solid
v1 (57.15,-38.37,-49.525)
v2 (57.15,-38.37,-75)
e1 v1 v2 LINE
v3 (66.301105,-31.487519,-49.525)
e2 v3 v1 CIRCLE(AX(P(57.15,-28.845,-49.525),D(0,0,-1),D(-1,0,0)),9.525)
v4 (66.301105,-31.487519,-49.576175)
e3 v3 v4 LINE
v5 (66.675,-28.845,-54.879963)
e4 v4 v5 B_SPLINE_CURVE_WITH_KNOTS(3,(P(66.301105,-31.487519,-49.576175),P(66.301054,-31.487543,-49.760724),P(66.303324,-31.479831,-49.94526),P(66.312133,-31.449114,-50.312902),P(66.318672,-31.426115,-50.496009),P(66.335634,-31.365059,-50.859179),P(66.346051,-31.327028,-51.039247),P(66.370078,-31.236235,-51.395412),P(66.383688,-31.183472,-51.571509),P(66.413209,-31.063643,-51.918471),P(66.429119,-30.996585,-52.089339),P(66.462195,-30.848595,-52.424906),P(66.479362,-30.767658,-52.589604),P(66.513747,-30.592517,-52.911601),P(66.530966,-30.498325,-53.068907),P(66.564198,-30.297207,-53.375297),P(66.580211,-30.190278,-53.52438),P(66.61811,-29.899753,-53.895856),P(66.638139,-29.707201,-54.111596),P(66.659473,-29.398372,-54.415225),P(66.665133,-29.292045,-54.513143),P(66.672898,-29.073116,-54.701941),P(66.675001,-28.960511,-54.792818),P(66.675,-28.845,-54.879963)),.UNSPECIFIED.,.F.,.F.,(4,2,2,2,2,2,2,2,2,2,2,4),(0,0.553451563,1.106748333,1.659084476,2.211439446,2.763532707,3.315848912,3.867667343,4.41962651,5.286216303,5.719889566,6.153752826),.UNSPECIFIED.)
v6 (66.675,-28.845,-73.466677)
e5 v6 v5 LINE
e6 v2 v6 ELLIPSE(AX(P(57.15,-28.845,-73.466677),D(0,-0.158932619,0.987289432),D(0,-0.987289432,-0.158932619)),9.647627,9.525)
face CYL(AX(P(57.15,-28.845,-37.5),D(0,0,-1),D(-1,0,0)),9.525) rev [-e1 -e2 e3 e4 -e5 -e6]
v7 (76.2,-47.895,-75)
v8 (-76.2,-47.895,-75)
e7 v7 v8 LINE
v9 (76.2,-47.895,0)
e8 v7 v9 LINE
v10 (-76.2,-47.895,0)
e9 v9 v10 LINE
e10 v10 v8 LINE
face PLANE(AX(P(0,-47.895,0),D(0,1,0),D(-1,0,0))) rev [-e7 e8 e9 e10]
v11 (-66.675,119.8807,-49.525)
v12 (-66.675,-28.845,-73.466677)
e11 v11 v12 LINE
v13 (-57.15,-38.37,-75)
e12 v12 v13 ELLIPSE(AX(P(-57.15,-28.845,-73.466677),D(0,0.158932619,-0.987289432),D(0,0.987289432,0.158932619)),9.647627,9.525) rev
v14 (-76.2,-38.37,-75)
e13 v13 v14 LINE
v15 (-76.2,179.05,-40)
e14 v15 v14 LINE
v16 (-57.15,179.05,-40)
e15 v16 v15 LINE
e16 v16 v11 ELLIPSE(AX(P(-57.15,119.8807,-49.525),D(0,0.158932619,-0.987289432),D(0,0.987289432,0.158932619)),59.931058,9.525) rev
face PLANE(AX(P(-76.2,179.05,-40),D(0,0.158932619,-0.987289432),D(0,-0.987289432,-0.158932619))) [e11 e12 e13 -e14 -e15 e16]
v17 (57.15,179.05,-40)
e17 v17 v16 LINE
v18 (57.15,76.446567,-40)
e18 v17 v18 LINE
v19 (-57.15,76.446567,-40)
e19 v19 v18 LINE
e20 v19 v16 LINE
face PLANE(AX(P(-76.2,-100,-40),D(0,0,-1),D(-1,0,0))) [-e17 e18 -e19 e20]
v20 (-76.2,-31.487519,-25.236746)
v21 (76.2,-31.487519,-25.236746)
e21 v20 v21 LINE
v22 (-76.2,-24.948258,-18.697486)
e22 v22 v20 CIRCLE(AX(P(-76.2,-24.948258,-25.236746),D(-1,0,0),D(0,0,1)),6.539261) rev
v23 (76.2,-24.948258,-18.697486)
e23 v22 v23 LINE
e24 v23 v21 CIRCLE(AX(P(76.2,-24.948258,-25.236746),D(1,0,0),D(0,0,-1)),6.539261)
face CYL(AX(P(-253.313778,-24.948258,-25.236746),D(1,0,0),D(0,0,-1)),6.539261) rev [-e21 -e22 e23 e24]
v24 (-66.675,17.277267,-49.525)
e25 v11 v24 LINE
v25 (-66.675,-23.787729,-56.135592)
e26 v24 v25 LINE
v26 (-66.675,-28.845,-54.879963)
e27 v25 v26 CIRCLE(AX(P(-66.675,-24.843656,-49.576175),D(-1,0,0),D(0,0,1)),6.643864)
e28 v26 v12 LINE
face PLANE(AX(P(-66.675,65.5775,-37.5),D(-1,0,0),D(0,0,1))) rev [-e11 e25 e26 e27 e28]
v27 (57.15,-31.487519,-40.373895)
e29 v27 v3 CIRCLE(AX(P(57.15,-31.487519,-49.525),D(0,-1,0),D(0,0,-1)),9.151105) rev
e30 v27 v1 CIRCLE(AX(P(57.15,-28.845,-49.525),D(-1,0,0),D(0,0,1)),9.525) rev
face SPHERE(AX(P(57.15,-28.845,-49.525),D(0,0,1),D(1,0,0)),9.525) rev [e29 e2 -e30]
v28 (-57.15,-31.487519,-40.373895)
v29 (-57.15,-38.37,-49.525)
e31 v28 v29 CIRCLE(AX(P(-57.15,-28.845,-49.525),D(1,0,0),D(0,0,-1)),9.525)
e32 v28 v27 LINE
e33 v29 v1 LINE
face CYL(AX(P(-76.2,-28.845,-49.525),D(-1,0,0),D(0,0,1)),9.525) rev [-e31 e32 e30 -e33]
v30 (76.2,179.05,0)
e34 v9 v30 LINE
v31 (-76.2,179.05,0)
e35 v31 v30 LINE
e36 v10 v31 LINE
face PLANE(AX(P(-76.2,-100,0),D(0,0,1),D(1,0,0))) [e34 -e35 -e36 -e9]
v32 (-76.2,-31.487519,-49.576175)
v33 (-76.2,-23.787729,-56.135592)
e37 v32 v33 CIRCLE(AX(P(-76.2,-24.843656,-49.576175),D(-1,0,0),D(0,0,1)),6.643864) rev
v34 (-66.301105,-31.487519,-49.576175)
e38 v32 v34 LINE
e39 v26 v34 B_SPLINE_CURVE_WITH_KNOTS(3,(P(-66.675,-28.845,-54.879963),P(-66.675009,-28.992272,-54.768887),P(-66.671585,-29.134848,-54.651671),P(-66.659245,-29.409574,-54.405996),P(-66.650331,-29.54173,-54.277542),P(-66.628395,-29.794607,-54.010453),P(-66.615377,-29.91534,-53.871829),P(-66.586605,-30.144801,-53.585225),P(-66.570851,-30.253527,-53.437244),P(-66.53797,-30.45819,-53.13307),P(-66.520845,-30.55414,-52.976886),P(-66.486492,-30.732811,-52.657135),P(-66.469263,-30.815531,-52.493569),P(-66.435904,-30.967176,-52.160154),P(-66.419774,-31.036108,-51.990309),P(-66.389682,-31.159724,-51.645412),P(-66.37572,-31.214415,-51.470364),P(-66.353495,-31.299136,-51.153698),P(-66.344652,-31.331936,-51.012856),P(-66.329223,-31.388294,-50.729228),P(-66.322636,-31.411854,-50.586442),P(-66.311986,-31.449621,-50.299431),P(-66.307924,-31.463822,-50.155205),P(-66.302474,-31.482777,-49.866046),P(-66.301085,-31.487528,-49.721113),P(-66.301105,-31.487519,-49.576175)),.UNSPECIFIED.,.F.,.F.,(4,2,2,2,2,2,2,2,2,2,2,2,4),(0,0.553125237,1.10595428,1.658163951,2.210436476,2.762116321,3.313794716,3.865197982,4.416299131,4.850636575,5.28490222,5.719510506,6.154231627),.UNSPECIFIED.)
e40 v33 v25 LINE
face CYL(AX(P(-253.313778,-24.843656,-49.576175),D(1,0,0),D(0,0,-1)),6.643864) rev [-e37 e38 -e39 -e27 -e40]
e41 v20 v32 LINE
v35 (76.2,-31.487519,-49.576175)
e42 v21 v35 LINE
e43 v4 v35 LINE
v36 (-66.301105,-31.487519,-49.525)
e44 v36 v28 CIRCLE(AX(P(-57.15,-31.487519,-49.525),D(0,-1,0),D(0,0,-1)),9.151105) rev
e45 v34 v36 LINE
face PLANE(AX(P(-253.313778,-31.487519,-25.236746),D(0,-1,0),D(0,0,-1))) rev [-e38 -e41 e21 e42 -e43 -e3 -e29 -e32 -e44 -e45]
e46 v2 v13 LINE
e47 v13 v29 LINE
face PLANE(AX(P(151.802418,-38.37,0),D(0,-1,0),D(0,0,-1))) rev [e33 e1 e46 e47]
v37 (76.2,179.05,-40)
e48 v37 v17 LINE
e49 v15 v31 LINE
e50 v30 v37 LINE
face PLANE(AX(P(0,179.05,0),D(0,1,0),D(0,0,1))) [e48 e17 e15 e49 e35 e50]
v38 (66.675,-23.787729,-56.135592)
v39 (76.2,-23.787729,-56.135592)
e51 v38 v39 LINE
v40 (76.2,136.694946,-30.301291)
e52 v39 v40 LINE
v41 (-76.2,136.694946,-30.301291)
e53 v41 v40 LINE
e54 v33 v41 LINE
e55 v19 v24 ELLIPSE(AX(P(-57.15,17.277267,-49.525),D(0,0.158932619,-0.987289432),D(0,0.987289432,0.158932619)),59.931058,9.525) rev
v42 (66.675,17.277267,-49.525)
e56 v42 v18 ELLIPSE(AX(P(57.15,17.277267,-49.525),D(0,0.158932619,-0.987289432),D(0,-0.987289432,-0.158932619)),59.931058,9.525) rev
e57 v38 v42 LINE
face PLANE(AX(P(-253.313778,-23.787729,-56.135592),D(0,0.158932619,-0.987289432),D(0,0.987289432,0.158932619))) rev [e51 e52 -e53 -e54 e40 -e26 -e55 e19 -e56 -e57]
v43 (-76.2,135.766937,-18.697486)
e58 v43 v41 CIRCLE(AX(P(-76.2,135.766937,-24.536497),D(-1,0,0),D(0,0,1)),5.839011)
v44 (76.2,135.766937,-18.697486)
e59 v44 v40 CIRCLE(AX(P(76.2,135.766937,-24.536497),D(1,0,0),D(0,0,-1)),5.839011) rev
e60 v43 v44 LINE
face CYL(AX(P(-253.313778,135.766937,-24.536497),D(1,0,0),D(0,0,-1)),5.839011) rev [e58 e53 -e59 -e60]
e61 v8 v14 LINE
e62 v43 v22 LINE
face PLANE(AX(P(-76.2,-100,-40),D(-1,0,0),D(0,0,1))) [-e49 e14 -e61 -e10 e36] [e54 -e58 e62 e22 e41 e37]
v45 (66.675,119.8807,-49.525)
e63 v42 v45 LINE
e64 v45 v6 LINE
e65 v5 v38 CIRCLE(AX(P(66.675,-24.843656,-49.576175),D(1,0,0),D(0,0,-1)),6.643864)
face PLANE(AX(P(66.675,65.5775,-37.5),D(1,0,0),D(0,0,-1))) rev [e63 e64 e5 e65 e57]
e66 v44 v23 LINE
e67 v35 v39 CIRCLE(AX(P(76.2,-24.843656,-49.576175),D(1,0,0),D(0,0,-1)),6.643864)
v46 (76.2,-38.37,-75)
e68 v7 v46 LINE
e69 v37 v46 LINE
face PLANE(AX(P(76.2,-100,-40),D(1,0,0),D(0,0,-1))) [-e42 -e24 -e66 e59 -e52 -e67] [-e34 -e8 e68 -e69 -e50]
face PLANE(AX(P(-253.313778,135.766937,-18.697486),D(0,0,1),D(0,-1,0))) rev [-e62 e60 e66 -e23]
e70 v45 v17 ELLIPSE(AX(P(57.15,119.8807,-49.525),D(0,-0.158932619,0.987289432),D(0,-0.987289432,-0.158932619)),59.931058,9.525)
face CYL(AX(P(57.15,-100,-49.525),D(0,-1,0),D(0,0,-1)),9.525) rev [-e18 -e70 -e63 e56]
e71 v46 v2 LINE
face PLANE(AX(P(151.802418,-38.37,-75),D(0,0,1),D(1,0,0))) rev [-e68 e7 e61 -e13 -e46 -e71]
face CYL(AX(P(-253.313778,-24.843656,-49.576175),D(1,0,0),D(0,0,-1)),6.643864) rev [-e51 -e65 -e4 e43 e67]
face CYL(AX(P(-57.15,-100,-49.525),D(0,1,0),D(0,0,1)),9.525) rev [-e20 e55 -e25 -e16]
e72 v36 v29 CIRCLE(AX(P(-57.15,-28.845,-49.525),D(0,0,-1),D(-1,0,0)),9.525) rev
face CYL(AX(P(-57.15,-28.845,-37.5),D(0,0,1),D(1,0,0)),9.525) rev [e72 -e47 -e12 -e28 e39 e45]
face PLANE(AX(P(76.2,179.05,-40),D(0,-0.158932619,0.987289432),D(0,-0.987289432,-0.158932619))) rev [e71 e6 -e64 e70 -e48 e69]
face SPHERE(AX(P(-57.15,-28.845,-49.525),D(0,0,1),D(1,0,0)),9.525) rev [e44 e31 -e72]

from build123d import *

# Parameters (mm, degrees)
SKETCH1_W                       = 152.4
SKETCH1_H                       = 40
BOSS_EXTRUDE1_DEPTH             = 179.05
BOSS_EXTRUDE1_DEPTH_BACK        = 100
BOSS_EXTRUDE2_REACH             = 200.659
SKETCH3_W                       = 75
SKETCH3_H                       = 9.525
BOSS_EXTRUDE2_DIRECTION_2_REACH = 200.659
RIB1_REACH                      = 248.799
SKETCH4_WALL_W                  = 715.816770022
SKETCH4_WALL_H                  = 9.525
FILLET1_R                       = 9.525
CUT_EXTRUDE1_REACH              = 210.543
CUT_EXTRUDE1_DIRECTION_2_REACH  = 210.543


with BuildPart() as part:
    # Sketch1 → Boss-Extrude1 (new, two sides)
    with BuildSketch(Plane(origin=(0, 0, 0), x_dir=(1, 0, 0), z_dir=(0, 1, 0))) as boss_extrude1_sk:
        with Locations((0, 20)):
            Rectangle(SKETCH1_W, SKETCH1_H)
    extrude(amount=BOSS_EXTRUDE1_DEPTH)
    extrude(boss_extrude1_sk.sketch, amount=-BOSS_EXTRUDE1_DEPTH_BACK)

    # SurfaceCut1
    split(bisect_by=Plane(origin=(0, -47.895, 0), x_dir=(1, 0, 0), z_dir=(0, 1, 0)), keep=Keep.TOP)

    # Boss-Extrude2: up to this face of the body (flat: up to its plane)
    boss_extrude2_end = Plane(part.part.faces().sort_by_distance((76.2, 65.5775, -20))[0])
    # Sketch3 → Boss-Extrude2 (add, up to the picked face)
    with BuildSketch(Plane(origin=(0, 0, 0), x_dir=(0, 0, -1), z_dir=(1, 0, 0)), mode=Mode.PRIVATE) as boss_extrude2_sk1:
        with Locations((37.5, -43.1325)):
            Rectangle(SKETCH3_W, SKETCH3_H)
    boss_extrude2_tool1 = split(extrude(boss_extrude2_sk1.sketch, amount=BOSS_EXTRUDE2_REACH, mode=Mode.PRIVATE), bisect_by=boss_extrude2_end, keep=Keep.BOTH, mode=Mode.PRIVATE)
    add(boss_extrude2_tool1.solids().sort_by(Axis((0, -43.1325, -37.5), (1, 0, 0)))[0])

    # Boss-Extrude2 direction 2: up to this face of the body (flat: up to its plane)
    boss_extrude2_direction_2_end = Plane(part.part.faces().sort_by_distance((-76.2, 65.5775, -20))[0])
    # Sketch3 → Boss-Extrude2 direction 2 (add, up to the picked face)
    with BuildSketch(Plane(origin=(0, 0, 0), x_dir=(0, 0, -1), z_dir=(1, 0, 0)), mode=Mode.PRIVATE) as boss_extrude2_direction_2_sk1:
        with Locations((37.5, -43.1325)):
            Rectangle(SKETCH3_W, SKETCH3_H)
    boss_extrude2_direction_2_tool1 = split(extrude(boss_extrude2_direction_2_sk1.sketch, amount=-BOSS_EXTRUDE2_DIRECTION_2_REACH, mode=Mode.PRIVATE), bisect_by=boss_extrude2_direction_2_end, keep=Keep.BOTH, mode=Mode.PRIVATE)
    add(boss_extrude2_direction_2_tool1.solids().sort_by(Axis((0, -43.1325, -37.5), (-1, 0, 0)))[0])

    # Sketch4 wall → Rib1 (add, up to next)
    with BuildSketch(Plane(origin=(76.2, 70.34, -57.5), x_dir=(0, -0.987289431969, -0.158932619441), z_dir=(0, 0.158932619441, -0.987289431969)), mode=Mode.PRIVATE) as rib1_sk1:
        with Locations((0, 4.7625)):
            Rectangle(SKETCH4_WALL_W, SKETCH4_WALL_H)
    rib1_tool1 = extrude(rib1_sk1.sketch, amount=-RIB1_REACH, mode=Mode.PRIVATE) - part.part
    rib1 = rib1_tool1.solids().sort_by_distance((76.2, 70.34, -57.5))[0]
    add(rib1)

    # Mirror1: Rib1 across plane
    add(rib1.mirror(Plane(origin=(0, 0, 0), x_dir=(0, 0, 1), z_dir=(1, 0, 0))))

    # Fillet1
    fillet1_edges = [part.edges().sort_by_distance(p)[0] for p in [
        (0, -38.37, -40),
        (66.675, -38.37, -57.5),
        (66.675, 70.34, -40),
        (-66.675, 70.34, -40),
        (-66.675, -38.37, -57.5),
    ]]
    fillet(fillet1_edges, radius=FILLET1_R)

    # Cut-Extrude1: up to this face of the body (flat: up to its plane)
    cut_extrude1_end = Plane(part.part.faces().sort_by_distance((-76.2, 53.773975166, -30.062668553))[0])
    # Sketch8 → Cut-Extrude1 (cut, up to the picked face)
    with BuildSketch(Plane(origin=(0, 0, 0), x_dir=(0, 0, -1), z_dir=(1, 0, 0)), mode=Mode.PRIVATE) as cut_extrude1_sk1:
        with BuildLine():
            Line((25.236746286, -31.487519231), (49.576175238, -31.487519231))
            ThreePointArc((49.576175238, -31.487519231), (54.633662665, -29.152106057), (56.135591687, -23.787728834))
            Line((56.135591687, -23.787728834), (30.301291161, 136.694946031))
            ThreePointArc((30.301291161, 136.694946031), (24.071010718, 141.587364194), (18.697485511, 135.766936654))
            Line((18.697485511, 135.766936654), (18.697485511, -24.948258456))
            ThreePointArc((18.697485511, -24.948258456), (20.612790648, -29.572214094), (25.236746286, -31.487519231))
        make_face()
    cut_extrude1_tool1 = split(extrude(cut_extrude1_sk1.sketch, amount=-CUT_EXTRUDE1_REACH, mode=Mode.PRIVATE), bisect_by=cut_extrude1_end, keep=Keep.BOTH, mode=Mode.PRIVATE)
    add(cut_extrude1_tool1.solids().sort_by(Axis((0, 38.89099, -32.356169), (-1, 0, 0)))[0], mode=Mode.SUBTRACT)

    # Cut-Extrude1 direction 2: up to this face of the body (flat: up to its plane)
    cut_extrude1_direction_2_end = Plane(part.part.faces().sort_by_distance((76.2, 53.773975166, -30.062668553))[0])
    # Sketch8 → Cut-Extrude1 direction 2 (cut, up to the picked face)
    with BuildSketch(Plane(origin=(0, 0, 0), x_dir=(0, 0, -1), z_dir=(1, 0, 0)), mode=Mode.PRIVATE) as cut_extrude1_direction_2_sk1:
        with BuildLine():
            Line((25.236746286, -31.487519231), (49.576175238, -31.487519231))
            ThreePointArc((49.576175238, -31.487519231), (54.633662665, -29.152106057), (56.135591687, -23.787728834))
            Line((56.135591687, -23.787728834), (30.301291161, 136.694946031))
            ThreePointArc((30.301291161, 136.694946031), (24.071010718, 141.587364194), (18.697485511, 135.766936654))
            Line((18.697485511, 135.766936654), (18.697485511, -24.948258456))
            ThreePointArc((18.697485511, -24.948258456), (20.612790648, -29.572214094), (25.236746286, -31.487519231))
        make_face()
    cut_extrude1_direction_2_tool1 = split(extrude(cut_extrude1_direction_2_sk1.sketch, amount=CUT_EXTRUDE1_DIRECTION_2_REACH, mode=Mode.PRIVATE), bisect_by=cut_extrude1_direction_2_end, keep=Keep.BOTH, mode=Mode.PRIVATE)
    add(cut_extrude1_direction_2_tool1.solids().sort_by(Axis((0, 38.89099, -32.356169), (1, 0, 0)))[0], mode=Mode.SUBTRACT)


solid = part.part
